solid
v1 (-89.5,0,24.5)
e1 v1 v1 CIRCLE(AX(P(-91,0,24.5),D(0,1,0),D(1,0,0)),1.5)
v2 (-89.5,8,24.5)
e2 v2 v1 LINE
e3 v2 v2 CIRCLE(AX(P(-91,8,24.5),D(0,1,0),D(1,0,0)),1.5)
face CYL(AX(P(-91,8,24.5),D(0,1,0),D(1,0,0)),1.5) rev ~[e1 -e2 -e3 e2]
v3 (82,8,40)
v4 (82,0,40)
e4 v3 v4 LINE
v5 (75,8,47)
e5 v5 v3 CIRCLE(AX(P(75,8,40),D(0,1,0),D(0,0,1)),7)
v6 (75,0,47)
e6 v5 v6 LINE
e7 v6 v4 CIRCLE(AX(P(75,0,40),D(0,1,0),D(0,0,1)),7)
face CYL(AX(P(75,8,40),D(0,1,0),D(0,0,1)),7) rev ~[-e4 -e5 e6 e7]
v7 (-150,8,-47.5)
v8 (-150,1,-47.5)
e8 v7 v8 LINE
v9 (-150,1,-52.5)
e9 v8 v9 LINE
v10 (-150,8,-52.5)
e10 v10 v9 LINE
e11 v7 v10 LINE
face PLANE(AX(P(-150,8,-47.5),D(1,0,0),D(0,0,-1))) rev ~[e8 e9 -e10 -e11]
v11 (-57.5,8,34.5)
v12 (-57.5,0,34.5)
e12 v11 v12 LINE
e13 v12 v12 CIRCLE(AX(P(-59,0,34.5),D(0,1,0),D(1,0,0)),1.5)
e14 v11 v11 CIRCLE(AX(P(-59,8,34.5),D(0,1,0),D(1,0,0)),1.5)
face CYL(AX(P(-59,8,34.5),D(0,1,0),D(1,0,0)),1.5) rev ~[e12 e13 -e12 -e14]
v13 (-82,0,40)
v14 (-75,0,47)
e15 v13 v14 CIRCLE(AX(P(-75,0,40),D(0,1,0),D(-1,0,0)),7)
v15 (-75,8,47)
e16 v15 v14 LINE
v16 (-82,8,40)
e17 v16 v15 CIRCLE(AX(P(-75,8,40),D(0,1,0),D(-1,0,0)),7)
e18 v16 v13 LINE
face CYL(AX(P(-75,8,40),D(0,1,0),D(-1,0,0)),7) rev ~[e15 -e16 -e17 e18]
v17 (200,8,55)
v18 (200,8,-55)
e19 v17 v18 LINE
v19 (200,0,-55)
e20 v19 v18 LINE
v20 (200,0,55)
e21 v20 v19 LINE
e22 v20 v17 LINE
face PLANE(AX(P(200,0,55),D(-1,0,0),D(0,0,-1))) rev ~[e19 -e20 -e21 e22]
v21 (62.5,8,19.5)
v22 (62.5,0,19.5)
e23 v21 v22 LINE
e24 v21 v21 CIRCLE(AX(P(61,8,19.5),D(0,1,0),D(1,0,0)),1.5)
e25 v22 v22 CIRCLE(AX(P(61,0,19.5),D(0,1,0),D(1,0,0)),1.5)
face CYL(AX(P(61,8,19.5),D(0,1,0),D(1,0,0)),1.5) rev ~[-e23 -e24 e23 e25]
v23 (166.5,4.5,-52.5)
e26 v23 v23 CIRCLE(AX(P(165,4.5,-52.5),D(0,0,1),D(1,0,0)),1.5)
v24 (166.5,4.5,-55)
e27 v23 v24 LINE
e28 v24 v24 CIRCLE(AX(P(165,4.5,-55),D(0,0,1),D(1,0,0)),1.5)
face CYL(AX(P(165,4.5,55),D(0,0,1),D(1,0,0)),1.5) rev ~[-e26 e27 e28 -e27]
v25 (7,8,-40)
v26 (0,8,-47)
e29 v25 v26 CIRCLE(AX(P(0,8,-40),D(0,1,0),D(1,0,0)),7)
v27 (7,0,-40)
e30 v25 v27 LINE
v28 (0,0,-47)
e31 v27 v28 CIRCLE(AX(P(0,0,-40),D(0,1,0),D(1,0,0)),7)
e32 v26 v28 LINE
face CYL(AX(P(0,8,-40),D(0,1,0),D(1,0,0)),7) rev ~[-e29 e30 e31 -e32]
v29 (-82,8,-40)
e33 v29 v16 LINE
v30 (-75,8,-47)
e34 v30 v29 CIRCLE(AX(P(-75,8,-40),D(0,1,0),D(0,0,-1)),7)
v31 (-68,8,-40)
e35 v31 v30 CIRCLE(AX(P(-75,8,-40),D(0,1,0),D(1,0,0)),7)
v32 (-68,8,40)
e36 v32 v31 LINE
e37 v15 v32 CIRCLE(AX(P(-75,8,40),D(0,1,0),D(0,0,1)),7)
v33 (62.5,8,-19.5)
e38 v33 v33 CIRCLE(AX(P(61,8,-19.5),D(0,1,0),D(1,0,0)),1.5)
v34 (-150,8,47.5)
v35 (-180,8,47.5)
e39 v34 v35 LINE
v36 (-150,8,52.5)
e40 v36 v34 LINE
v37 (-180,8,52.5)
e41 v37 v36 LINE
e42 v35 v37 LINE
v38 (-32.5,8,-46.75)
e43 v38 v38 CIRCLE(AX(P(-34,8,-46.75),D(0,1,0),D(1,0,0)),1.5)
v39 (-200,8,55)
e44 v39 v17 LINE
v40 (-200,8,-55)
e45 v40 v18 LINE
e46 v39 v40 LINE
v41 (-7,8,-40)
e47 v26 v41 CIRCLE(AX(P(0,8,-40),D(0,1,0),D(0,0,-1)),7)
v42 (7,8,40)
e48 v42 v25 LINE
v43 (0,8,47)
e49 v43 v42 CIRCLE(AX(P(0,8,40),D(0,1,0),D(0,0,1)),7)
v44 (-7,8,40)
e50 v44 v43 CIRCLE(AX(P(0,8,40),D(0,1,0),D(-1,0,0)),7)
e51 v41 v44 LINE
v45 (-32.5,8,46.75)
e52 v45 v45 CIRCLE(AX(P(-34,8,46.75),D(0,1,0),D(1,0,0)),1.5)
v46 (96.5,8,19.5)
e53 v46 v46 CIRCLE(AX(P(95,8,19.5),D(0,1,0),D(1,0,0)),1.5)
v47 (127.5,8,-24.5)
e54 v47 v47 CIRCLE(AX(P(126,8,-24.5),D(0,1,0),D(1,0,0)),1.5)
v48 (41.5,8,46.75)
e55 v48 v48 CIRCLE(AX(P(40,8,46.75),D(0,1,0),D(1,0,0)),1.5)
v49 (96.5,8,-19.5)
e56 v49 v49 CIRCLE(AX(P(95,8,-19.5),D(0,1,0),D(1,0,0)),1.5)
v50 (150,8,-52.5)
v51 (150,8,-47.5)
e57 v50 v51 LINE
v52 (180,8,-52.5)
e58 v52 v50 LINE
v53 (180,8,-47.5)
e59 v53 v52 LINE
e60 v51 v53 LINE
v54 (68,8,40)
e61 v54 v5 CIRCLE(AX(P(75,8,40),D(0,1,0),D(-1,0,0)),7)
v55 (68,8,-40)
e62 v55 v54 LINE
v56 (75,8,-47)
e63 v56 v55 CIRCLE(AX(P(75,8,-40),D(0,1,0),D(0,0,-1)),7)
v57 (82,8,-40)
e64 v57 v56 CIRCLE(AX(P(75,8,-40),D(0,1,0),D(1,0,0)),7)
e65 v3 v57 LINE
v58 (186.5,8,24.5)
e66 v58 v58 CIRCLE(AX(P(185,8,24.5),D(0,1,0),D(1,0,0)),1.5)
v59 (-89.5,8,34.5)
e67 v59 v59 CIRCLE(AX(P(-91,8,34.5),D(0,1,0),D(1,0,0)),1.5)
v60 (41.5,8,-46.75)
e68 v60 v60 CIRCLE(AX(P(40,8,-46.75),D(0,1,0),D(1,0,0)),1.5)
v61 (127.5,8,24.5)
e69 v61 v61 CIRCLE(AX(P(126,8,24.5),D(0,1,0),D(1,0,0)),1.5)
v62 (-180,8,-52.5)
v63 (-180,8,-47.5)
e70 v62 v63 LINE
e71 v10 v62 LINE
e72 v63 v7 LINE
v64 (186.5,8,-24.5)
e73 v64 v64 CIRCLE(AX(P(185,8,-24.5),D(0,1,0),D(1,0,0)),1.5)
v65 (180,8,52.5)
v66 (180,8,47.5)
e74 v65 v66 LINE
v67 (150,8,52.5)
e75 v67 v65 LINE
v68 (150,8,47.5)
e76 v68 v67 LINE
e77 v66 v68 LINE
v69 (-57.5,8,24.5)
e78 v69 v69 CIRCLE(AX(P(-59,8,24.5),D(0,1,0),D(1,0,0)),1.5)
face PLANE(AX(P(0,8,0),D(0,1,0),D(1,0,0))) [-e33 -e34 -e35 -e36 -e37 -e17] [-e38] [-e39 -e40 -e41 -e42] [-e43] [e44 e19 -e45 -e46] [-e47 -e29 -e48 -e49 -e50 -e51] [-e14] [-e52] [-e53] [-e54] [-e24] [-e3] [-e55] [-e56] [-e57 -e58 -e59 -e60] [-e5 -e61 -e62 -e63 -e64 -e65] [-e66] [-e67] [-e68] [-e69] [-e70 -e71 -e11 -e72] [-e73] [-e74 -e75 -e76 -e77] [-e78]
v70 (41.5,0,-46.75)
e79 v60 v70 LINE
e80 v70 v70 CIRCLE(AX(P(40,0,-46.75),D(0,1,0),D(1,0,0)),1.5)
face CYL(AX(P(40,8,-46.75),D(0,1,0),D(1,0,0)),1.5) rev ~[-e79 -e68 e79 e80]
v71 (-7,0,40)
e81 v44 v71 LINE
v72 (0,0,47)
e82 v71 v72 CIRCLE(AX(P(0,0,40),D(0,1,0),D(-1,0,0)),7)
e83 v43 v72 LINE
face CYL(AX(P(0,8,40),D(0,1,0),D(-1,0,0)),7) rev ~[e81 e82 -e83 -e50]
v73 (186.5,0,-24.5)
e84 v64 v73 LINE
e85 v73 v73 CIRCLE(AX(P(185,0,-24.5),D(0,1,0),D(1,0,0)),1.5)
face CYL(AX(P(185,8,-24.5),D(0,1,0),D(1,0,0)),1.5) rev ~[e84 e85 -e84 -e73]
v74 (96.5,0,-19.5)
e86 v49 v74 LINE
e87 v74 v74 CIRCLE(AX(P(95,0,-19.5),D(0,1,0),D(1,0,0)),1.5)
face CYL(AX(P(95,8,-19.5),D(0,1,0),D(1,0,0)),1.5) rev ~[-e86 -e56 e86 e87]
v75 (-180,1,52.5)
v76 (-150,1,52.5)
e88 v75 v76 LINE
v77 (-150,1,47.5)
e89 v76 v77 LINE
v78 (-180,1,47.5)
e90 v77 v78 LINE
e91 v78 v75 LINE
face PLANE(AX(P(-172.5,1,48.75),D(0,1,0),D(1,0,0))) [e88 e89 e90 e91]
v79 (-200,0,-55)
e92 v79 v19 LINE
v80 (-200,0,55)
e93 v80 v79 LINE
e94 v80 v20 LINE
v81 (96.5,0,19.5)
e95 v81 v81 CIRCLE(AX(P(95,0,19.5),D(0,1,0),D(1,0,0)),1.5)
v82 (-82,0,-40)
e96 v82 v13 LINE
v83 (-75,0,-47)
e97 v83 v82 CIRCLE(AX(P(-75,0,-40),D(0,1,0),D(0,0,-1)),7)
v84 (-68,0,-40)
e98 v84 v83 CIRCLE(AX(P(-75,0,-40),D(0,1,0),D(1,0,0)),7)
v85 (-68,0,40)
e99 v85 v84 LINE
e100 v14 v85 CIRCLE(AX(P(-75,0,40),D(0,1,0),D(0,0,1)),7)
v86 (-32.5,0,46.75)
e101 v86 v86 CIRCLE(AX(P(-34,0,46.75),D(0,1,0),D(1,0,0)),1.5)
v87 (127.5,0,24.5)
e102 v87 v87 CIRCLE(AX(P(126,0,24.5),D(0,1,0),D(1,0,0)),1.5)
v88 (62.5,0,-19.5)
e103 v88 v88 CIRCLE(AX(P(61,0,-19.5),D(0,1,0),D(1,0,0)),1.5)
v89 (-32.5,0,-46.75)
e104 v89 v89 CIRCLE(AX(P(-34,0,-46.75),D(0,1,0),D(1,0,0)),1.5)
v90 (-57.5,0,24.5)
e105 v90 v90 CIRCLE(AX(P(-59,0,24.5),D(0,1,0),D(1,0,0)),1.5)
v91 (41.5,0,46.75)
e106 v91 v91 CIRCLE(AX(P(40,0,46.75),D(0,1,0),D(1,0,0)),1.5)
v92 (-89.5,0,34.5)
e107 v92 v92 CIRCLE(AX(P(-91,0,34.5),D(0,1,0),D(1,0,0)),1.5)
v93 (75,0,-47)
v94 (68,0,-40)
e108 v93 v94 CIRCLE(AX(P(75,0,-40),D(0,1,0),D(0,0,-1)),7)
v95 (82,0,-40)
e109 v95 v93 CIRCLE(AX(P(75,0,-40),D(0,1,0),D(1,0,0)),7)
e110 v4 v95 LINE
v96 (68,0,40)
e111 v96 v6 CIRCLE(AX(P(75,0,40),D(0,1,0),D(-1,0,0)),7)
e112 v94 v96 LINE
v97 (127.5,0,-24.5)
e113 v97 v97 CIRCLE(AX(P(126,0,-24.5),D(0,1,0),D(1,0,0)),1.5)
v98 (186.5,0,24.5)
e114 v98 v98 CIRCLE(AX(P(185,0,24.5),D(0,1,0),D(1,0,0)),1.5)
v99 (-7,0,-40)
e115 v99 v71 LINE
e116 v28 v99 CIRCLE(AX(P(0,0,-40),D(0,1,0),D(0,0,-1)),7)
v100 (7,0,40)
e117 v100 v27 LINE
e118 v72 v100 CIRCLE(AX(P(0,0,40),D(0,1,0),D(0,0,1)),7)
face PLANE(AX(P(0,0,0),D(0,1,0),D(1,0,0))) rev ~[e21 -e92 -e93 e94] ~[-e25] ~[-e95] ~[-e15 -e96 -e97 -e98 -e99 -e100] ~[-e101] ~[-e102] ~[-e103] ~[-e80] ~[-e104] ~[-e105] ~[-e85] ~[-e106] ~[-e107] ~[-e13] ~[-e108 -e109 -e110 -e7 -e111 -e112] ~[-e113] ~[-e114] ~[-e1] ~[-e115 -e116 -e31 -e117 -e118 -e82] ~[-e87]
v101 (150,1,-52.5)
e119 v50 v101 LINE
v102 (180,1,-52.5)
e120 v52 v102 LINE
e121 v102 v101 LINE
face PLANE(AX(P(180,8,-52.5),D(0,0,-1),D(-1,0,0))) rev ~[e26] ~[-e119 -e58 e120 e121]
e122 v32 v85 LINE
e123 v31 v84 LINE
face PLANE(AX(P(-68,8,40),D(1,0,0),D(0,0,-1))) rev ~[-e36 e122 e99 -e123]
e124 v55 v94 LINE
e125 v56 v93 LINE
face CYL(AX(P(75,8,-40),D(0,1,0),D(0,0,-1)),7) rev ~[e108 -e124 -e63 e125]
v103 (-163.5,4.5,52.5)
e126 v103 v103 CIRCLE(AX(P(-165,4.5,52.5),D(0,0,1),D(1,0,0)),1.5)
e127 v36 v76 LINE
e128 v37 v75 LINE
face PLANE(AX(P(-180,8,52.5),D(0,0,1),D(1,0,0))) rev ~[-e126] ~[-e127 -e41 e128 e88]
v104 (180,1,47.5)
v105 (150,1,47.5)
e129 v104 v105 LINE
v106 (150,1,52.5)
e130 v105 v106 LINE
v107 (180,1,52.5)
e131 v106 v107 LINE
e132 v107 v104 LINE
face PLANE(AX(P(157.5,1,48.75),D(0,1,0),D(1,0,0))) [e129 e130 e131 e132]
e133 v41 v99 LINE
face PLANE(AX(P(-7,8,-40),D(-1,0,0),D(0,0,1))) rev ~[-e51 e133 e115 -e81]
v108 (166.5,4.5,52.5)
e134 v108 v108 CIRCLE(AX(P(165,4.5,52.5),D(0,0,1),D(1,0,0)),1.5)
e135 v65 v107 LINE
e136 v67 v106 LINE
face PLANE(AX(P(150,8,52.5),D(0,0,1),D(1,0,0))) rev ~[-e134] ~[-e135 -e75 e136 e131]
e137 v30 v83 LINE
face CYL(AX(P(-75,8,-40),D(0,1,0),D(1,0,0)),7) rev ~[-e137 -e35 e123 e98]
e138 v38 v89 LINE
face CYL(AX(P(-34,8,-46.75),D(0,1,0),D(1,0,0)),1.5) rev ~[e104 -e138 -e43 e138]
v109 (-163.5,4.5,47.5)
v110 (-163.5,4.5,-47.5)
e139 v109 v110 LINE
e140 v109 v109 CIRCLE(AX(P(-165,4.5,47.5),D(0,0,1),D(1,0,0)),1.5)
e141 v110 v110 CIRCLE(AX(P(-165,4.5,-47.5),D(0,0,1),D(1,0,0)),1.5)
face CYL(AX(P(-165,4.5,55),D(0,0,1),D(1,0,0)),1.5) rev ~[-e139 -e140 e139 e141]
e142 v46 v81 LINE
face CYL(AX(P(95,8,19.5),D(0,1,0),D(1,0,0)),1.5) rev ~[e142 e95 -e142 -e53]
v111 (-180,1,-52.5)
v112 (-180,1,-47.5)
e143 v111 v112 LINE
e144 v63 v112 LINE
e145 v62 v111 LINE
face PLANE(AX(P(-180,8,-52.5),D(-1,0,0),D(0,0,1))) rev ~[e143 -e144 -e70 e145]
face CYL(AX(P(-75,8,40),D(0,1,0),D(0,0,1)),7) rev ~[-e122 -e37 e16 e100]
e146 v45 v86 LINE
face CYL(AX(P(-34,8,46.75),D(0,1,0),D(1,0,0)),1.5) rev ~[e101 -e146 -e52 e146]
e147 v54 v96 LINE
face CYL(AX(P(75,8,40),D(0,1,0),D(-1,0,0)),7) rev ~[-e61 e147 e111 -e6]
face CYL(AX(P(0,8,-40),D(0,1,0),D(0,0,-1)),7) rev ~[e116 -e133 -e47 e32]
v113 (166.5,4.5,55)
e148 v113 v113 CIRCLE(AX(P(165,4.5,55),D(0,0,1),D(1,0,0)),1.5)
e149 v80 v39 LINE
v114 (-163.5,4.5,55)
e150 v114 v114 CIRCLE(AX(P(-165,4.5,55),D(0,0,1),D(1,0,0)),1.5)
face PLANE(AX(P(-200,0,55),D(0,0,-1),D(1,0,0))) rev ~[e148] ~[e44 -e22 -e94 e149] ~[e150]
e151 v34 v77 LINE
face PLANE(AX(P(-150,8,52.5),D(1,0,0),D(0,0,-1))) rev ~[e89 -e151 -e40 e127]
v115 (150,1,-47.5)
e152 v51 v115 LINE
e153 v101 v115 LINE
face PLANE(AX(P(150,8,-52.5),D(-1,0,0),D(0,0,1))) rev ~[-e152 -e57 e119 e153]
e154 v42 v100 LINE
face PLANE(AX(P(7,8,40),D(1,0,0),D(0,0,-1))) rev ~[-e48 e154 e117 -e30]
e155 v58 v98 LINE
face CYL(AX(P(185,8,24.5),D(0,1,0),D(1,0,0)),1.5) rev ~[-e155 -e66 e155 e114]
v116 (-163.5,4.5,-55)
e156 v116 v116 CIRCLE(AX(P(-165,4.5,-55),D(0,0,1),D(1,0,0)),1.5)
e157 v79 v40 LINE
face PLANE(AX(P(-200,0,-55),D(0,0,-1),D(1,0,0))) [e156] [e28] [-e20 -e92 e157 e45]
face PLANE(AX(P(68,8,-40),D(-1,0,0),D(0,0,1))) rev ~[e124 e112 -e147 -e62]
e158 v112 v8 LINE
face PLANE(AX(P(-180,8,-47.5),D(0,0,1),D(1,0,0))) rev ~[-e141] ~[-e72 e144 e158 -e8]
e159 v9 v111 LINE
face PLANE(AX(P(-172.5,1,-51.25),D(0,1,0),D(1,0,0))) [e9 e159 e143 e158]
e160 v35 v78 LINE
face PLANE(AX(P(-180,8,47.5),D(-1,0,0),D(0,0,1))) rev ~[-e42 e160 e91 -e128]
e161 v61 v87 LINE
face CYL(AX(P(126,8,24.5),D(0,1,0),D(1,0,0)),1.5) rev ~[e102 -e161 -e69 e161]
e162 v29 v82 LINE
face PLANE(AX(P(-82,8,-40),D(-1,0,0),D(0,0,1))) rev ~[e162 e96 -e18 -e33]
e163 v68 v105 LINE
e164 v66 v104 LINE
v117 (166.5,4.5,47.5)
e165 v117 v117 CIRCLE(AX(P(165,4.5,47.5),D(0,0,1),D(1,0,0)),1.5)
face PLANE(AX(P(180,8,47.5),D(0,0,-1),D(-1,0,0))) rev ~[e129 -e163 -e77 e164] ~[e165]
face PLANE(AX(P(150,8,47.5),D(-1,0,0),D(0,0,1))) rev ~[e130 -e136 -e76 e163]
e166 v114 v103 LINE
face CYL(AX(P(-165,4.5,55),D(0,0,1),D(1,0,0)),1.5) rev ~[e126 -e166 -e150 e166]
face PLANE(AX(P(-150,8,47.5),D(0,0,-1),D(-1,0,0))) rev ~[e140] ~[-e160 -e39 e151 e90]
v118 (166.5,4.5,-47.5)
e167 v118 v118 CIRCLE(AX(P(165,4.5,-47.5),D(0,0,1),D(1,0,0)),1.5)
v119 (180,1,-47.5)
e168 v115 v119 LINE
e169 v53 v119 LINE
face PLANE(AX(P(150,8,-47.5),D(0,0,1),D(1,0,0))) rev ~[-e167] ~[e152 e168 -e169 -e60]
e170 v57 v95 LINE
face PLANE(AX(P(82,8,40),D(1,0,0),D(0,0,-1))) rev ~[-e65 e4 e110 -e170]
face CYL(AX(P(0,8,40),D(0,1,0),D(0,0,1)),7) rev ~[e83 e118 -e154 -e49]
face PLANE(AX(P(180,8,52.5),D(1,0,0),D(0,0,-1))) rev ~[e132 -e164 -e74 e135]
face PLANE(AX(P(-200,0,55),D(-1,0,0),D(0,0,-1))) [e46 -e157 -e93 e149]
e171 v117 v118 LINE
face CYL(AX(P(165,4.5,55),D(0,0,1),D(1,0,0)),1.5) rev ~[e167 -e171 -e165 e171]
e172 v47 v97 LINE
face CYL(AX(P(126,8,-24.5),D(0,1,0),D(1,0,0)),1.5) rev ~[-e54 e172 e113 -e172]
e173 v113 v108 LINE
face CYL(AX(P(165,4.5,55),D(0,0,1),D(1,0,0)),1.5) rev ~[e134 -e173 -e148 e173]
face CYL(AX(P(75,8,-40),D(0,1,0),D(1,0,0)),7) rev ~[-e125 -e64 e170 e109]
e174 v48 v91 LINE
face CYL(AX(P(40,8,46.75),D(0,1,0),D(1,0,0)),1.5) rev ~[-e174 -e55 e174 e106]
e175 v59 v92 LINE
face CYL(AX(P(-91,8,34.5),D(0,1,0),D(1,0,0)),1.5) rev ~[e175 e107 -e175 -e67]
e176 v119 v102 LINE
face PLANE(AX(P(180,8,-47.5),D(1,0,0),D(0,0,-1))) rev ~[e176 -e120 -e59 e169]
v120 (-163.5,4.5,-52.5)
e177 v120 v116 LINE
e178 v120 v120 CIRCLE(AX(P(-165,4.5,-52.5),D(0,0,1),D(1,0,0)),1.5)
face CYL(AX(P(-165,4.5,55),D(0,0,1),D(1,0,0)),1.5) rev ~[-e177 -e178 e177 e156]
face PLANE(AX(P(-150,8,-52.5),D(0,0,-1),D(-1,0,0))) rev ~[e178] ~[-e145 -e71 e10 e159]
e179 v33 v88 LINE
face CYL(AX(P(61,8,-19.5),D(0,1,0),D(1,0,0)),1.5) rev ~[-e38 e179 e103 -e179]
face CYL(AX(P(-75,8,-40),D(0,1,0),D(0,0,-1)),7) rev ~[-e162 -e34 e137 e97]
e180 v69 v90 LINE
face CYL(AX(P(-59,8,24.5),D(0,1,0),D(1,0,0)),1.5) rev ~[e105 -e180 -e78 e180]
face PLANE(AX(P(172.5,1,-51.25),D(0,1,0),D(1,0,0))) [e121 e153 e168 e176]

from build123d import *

# Parameters (mm, degrees)
SKETCH_1_W          = 400
SKETCH_1_H          = 110
EXTRUDE_1_DEPTH     = 8
SKETCH_2_W          = 15
SKETCH_2_H          = 2.5
CUT_EXTRUDE_1_DEPTH = 7
CUT_EXTRUDE_2_DEPTH = 9
SKETCH_8_R          = 1.5
CUT_EXTRUDE_4_DEPTH = 111
SKETCH_11_R         = 1.5
CUT_EXTRUDE_6_DEPTH = 10
SKETCH_12_R         = 1.5
CUT_EXTRUDE_7_DEPTH = 10
SKETCH_13_R         = 1.5
CUT_EXTRUDE_8_DEPTH = 10
SKETCH_14_R         = 1.5
CUT_EXTRUDE_9_DEPTH = 9


with BuildPart() as part:
    # 草图1 → 凸台-拉伸1 (new body)
    with BuildSketch(Plane(origin=(0, 0, 0), x_dir=(1, 0, 0), z_dir=(0, 1, 0))):
        Rectangle(SKETCH_1_W, SKETCH_1_H)
    extrude(amount=EXTRUDE_1_DEPTH)

    # 草图2 → 切除-拉伸1 (cut)
    with BuildSketch(Plane(origin=(0, 8, 0), x_dir=(1, 0, 0), z_dir=(0, 1, 0))):
        with Locations((-172.5, 51.25)):
            Rectangle(SKETCH_2_W, SKETCH_2_H)
        with Locations((-157.5, 51.25)):
            Rectangle(SKETCH_2_W, SKETCH_2_H)
        with Locations((-157.5, 48.75)):
            Rectangle(SKETCH_2_W, SKETCH_2_H)
        with Locations((-172.5, 48.75)):
            Rectangle(SKETCH_2_W, SKETCH_2_H)
        with Locations((-172.5, -48.75)):
            Rectangle(SKETCH_2_W, SKETCH_2_H)
        with Locations((-172.5, -51.25)):
            Rectangle(SKETCH_2_W, SKETCH_2_H)
        with Locations((-157.5, -51.25)):
            Rectangle(SKETCH_2_W, SKETCH_2_H)
        with Locations((-157.5, -48.75)):
            Rectangle(SKETCH_2_W, SKETCH_2_H)
        with Locations((172.5, 51.25)):
            Rectangle(SKETCH_2_W, SKETCH_2_H)
        with Locations((157.5, 51.25)):
            Rectangle(SKETCH_2_W, SKETCH_2_H)
        with Locations((157.5, 48.75)):
            Rectangle(SKETCH_2_W, SKETCH_2_H)
        with Locations((172.5, 48.75)):
            Rectangle(SKETCH_2_W, SKETCH_2_H)
        with Locations((157.5, -48.75)):
            Rectangle(SKETCH_2_W, SKETCH_2_H)
        with Locations((157.5, -51.25)):
            Rectangle(SKETCH_2_W, SKETCH_2_H)
        with Locations((172.5, -51.25)):
            Rectangle(SKETCH_2_W, SKETCH_2_H)
        with Locations((172.5, -48.75)):
            Rectangle(SKETCH_2_W, SKETCH_2_H)
    extrude(amount=-CUT_EXTRUDE_1_DEPTH, mode=Mode.SUBTRACT)

    # 草图3 → 切除-拉伸2 (cut, through all)
    with BuildSketch(Plane(origin=(0, 8, 0), x_dir=(1, 0, 0), z_dir=(0, 1, 0))):
        with BuildLine():
            Line((-82, 40), (-82, 0))
            Line((-82, 0), (-75, 0))
            Line((-75, 0), (-75, 47))
            ThreePointArc((-75, 47), (-79.949747468, 44.949747468), (-82, 40))
        make_face()
        with BuildLine():
            Line((-75, 47), (-75, 0))
            Line((-75, 0), (-68, 0))
            Line((-68, 0), (-68, 40))
            ThreePointArc((-68, 40), (-70.050252532, 44.949747468), (-75, 47))
        make_face()
        with BuildLine():
            Line((-75, 0), (-82, 0))
            Line((-82, 0), (-82, -40))
            ThreePointArc((-82, -40), (-79.949747468, -44.949747468), (-75, -47))
            Line((-75, -47), (-75, 0))
        make_face()
        with BuildLine():
            Line((-68, 0), (-75, 0))
            Line((-75, 0), (-75, -47))
            ThreePointArc((-75, -47), (-70.050252532, -44.949747468), (-68, -40))
            Line((-68, -40), (-68, 0))
        make_face()
        with BuildLine():
            Line((-7, 40), (-7, 0))
            Line((-7, 0), (0, 0))
            Line((0, 0), (0, 47))
            ThreePointArc((0, 47), (-4.949747468, 44.949747468), (-7, 40))
        make_face()
        with BuildLine():
            Line((0, 47), (0, 0))
            Line((0, 0), (7, 0))
            Line((7, 0), (7, 40))
            ThreePointArc((7, 40), (4.949747468, 44.949747468), (0, 47))
        make_face()
        with BuildLine():
            Line((0, 0), (-7, 0))
            Line((-7, 0), (-7, -40))
            ThreePointArc((-7, -40), (-4.949747468, -44.949747468), (0, -47))
            Line((0, -47), (0, 0))
        make_face()
        with BuildLine():
            Line((7, 0), (0, 0))
            Line((0, 0), (0, -47))
            ThreePointArc((0, -47), (4.949747468, -44.949747468), (7, -40))
            Line((7, -40), (7, 0))
        make_face()
        with BuildLine():
            Line((68, 40), (68, 0))
            Line((68, 0), (75, 0))
            Line((75, 0), (75, 47))
            ThreePointArc((75, 47), (70.050252532, 44.949747468), (68, 40))
        make_face()
        with BuildLine():
            Line((75, 47), (75, 0))
            Line((75, 0), (82, 0))
            Line((82, 0), (82, 40))
            ThreePointArc((82, 40), (79.949747468, 44.949747468), (75, 47))
        make_face()
        with BuildLine():
            Line((75, 0), (68, 0))
            Line((68, 0), (68, -40))
            ThreePointArc((68, -40), (70.050252532, -44.949747468), (75, -47))
            Line((75, -47), (75, 0))
        make_face()
        with BuildLine():
            Line((82, 0), (75, 0))
            Line((75, 0), (75, -47))
            ThreePointArc((75, -47), (79.949747468, -44.949747468), (82, -40))
            Line((82, -40), (82, 0))
        make_face()
    extrude(amount=-CUT_EXTRUDE_2_DEPTH, mode=Mode.SUBTRACT)

    # 草图8 → 切除-拉伸4 (cut, through all)
    with BuildSketch(Plane.XY.offset(55)):
        with Locations((165, 4.5)):
            Circle(SKETCH_8_R)
        with Locations((-165, 4.5)):
            Circle(SKETCH_8_R)
    extrude(amount=-CUT_EXTRUDE_4_DEPTH, mode=Mode.SUBTRACT)

    # 草图11 → 切除-拉伸6 (cut)
    with BuildSketch(Plane(origin=(0, 8, 0), x_dir=(1, 0, 0), z_dir=(0, 1, 0))):
        with Locations((126, 24.5)):
            Circle(SKETCH_11_R)
        with Locations((185, 24.5)):
            Circle(SKETCH_11_R)
        with Locations((185, -24.5)):
            Circle(SKETCH_11_R)
        with Locations((126, -24.5)):
            Circle(SKETCH_11_R)
    extrude(amount=-CUT_EXTRUDE_6_DEPTH, mode=Mode.SUBTRACT)

    # 草图12 → 切除-拉伸7 (cut)
    with BuildSketch(Plane(origin=(0, 8, 0), x_dir=(1, 0, 0), z_dir=(0, 1, 0))):
        with Locations((61, 19.5)):
            Circle(SKETCH_12_R)
        with Locations((95, 19.5)):
            Circle(SKETCH_12_R)
        with Locations((95, -19.5)):
            Circle(SKETCH_12_R)
        with Locations((61, -19.5)):
            Circle(SKETCH_12_R)
    extrude(amount=-CUT_EXTRUDE_7_DEPTH, mode=Mode.SUBTRACT)

    # 草图13 → 切除-拉伸8 (cut)
    with BuildSketch(Plane(origin=(0, 8, 0), x_dir=(1, 0, 0), z_dir=(0, 1, 0))):
        with Locations((-34, 46.75)):
            Circle(SKETCH_13_R)
        with Locations((40, 46.75)):
            Circle(SKETCH_13_R)
        with Locations((40, -46.75)):
            Circle(SKETCH_13_R)
        with Locations((-34, -46.75)):
            Circle(SKETCH_13_R)
    extrude(amount=-CUT_EXTRUDE_8_DEPTH, mode=Mode.SUBTRACT)

    # 草图14 → 切除-拉伸9 (cut, through all)
    with BuildSketch(Plane(origin=(0, 8, 0), x_dir=(1, 0, 0), z_dir=(0, 1, 0))):
        with Locations((-91, -24.5)):
            Circle(SKETCH_14_R)
        with Locations((-91, -34.5)):
            Circle(SKETCH_14_R)
        with Locations((-59, -34.5)):
            Circle(SKETCH_14_R)
        with Locations((-59, -24.5)):
            Circle(SKETCH_14_R)
    extrude(amount=-CUT_EXTRUDE_9_DEPTH, mode=Mode.SUBTRACT)


solid = part.part
